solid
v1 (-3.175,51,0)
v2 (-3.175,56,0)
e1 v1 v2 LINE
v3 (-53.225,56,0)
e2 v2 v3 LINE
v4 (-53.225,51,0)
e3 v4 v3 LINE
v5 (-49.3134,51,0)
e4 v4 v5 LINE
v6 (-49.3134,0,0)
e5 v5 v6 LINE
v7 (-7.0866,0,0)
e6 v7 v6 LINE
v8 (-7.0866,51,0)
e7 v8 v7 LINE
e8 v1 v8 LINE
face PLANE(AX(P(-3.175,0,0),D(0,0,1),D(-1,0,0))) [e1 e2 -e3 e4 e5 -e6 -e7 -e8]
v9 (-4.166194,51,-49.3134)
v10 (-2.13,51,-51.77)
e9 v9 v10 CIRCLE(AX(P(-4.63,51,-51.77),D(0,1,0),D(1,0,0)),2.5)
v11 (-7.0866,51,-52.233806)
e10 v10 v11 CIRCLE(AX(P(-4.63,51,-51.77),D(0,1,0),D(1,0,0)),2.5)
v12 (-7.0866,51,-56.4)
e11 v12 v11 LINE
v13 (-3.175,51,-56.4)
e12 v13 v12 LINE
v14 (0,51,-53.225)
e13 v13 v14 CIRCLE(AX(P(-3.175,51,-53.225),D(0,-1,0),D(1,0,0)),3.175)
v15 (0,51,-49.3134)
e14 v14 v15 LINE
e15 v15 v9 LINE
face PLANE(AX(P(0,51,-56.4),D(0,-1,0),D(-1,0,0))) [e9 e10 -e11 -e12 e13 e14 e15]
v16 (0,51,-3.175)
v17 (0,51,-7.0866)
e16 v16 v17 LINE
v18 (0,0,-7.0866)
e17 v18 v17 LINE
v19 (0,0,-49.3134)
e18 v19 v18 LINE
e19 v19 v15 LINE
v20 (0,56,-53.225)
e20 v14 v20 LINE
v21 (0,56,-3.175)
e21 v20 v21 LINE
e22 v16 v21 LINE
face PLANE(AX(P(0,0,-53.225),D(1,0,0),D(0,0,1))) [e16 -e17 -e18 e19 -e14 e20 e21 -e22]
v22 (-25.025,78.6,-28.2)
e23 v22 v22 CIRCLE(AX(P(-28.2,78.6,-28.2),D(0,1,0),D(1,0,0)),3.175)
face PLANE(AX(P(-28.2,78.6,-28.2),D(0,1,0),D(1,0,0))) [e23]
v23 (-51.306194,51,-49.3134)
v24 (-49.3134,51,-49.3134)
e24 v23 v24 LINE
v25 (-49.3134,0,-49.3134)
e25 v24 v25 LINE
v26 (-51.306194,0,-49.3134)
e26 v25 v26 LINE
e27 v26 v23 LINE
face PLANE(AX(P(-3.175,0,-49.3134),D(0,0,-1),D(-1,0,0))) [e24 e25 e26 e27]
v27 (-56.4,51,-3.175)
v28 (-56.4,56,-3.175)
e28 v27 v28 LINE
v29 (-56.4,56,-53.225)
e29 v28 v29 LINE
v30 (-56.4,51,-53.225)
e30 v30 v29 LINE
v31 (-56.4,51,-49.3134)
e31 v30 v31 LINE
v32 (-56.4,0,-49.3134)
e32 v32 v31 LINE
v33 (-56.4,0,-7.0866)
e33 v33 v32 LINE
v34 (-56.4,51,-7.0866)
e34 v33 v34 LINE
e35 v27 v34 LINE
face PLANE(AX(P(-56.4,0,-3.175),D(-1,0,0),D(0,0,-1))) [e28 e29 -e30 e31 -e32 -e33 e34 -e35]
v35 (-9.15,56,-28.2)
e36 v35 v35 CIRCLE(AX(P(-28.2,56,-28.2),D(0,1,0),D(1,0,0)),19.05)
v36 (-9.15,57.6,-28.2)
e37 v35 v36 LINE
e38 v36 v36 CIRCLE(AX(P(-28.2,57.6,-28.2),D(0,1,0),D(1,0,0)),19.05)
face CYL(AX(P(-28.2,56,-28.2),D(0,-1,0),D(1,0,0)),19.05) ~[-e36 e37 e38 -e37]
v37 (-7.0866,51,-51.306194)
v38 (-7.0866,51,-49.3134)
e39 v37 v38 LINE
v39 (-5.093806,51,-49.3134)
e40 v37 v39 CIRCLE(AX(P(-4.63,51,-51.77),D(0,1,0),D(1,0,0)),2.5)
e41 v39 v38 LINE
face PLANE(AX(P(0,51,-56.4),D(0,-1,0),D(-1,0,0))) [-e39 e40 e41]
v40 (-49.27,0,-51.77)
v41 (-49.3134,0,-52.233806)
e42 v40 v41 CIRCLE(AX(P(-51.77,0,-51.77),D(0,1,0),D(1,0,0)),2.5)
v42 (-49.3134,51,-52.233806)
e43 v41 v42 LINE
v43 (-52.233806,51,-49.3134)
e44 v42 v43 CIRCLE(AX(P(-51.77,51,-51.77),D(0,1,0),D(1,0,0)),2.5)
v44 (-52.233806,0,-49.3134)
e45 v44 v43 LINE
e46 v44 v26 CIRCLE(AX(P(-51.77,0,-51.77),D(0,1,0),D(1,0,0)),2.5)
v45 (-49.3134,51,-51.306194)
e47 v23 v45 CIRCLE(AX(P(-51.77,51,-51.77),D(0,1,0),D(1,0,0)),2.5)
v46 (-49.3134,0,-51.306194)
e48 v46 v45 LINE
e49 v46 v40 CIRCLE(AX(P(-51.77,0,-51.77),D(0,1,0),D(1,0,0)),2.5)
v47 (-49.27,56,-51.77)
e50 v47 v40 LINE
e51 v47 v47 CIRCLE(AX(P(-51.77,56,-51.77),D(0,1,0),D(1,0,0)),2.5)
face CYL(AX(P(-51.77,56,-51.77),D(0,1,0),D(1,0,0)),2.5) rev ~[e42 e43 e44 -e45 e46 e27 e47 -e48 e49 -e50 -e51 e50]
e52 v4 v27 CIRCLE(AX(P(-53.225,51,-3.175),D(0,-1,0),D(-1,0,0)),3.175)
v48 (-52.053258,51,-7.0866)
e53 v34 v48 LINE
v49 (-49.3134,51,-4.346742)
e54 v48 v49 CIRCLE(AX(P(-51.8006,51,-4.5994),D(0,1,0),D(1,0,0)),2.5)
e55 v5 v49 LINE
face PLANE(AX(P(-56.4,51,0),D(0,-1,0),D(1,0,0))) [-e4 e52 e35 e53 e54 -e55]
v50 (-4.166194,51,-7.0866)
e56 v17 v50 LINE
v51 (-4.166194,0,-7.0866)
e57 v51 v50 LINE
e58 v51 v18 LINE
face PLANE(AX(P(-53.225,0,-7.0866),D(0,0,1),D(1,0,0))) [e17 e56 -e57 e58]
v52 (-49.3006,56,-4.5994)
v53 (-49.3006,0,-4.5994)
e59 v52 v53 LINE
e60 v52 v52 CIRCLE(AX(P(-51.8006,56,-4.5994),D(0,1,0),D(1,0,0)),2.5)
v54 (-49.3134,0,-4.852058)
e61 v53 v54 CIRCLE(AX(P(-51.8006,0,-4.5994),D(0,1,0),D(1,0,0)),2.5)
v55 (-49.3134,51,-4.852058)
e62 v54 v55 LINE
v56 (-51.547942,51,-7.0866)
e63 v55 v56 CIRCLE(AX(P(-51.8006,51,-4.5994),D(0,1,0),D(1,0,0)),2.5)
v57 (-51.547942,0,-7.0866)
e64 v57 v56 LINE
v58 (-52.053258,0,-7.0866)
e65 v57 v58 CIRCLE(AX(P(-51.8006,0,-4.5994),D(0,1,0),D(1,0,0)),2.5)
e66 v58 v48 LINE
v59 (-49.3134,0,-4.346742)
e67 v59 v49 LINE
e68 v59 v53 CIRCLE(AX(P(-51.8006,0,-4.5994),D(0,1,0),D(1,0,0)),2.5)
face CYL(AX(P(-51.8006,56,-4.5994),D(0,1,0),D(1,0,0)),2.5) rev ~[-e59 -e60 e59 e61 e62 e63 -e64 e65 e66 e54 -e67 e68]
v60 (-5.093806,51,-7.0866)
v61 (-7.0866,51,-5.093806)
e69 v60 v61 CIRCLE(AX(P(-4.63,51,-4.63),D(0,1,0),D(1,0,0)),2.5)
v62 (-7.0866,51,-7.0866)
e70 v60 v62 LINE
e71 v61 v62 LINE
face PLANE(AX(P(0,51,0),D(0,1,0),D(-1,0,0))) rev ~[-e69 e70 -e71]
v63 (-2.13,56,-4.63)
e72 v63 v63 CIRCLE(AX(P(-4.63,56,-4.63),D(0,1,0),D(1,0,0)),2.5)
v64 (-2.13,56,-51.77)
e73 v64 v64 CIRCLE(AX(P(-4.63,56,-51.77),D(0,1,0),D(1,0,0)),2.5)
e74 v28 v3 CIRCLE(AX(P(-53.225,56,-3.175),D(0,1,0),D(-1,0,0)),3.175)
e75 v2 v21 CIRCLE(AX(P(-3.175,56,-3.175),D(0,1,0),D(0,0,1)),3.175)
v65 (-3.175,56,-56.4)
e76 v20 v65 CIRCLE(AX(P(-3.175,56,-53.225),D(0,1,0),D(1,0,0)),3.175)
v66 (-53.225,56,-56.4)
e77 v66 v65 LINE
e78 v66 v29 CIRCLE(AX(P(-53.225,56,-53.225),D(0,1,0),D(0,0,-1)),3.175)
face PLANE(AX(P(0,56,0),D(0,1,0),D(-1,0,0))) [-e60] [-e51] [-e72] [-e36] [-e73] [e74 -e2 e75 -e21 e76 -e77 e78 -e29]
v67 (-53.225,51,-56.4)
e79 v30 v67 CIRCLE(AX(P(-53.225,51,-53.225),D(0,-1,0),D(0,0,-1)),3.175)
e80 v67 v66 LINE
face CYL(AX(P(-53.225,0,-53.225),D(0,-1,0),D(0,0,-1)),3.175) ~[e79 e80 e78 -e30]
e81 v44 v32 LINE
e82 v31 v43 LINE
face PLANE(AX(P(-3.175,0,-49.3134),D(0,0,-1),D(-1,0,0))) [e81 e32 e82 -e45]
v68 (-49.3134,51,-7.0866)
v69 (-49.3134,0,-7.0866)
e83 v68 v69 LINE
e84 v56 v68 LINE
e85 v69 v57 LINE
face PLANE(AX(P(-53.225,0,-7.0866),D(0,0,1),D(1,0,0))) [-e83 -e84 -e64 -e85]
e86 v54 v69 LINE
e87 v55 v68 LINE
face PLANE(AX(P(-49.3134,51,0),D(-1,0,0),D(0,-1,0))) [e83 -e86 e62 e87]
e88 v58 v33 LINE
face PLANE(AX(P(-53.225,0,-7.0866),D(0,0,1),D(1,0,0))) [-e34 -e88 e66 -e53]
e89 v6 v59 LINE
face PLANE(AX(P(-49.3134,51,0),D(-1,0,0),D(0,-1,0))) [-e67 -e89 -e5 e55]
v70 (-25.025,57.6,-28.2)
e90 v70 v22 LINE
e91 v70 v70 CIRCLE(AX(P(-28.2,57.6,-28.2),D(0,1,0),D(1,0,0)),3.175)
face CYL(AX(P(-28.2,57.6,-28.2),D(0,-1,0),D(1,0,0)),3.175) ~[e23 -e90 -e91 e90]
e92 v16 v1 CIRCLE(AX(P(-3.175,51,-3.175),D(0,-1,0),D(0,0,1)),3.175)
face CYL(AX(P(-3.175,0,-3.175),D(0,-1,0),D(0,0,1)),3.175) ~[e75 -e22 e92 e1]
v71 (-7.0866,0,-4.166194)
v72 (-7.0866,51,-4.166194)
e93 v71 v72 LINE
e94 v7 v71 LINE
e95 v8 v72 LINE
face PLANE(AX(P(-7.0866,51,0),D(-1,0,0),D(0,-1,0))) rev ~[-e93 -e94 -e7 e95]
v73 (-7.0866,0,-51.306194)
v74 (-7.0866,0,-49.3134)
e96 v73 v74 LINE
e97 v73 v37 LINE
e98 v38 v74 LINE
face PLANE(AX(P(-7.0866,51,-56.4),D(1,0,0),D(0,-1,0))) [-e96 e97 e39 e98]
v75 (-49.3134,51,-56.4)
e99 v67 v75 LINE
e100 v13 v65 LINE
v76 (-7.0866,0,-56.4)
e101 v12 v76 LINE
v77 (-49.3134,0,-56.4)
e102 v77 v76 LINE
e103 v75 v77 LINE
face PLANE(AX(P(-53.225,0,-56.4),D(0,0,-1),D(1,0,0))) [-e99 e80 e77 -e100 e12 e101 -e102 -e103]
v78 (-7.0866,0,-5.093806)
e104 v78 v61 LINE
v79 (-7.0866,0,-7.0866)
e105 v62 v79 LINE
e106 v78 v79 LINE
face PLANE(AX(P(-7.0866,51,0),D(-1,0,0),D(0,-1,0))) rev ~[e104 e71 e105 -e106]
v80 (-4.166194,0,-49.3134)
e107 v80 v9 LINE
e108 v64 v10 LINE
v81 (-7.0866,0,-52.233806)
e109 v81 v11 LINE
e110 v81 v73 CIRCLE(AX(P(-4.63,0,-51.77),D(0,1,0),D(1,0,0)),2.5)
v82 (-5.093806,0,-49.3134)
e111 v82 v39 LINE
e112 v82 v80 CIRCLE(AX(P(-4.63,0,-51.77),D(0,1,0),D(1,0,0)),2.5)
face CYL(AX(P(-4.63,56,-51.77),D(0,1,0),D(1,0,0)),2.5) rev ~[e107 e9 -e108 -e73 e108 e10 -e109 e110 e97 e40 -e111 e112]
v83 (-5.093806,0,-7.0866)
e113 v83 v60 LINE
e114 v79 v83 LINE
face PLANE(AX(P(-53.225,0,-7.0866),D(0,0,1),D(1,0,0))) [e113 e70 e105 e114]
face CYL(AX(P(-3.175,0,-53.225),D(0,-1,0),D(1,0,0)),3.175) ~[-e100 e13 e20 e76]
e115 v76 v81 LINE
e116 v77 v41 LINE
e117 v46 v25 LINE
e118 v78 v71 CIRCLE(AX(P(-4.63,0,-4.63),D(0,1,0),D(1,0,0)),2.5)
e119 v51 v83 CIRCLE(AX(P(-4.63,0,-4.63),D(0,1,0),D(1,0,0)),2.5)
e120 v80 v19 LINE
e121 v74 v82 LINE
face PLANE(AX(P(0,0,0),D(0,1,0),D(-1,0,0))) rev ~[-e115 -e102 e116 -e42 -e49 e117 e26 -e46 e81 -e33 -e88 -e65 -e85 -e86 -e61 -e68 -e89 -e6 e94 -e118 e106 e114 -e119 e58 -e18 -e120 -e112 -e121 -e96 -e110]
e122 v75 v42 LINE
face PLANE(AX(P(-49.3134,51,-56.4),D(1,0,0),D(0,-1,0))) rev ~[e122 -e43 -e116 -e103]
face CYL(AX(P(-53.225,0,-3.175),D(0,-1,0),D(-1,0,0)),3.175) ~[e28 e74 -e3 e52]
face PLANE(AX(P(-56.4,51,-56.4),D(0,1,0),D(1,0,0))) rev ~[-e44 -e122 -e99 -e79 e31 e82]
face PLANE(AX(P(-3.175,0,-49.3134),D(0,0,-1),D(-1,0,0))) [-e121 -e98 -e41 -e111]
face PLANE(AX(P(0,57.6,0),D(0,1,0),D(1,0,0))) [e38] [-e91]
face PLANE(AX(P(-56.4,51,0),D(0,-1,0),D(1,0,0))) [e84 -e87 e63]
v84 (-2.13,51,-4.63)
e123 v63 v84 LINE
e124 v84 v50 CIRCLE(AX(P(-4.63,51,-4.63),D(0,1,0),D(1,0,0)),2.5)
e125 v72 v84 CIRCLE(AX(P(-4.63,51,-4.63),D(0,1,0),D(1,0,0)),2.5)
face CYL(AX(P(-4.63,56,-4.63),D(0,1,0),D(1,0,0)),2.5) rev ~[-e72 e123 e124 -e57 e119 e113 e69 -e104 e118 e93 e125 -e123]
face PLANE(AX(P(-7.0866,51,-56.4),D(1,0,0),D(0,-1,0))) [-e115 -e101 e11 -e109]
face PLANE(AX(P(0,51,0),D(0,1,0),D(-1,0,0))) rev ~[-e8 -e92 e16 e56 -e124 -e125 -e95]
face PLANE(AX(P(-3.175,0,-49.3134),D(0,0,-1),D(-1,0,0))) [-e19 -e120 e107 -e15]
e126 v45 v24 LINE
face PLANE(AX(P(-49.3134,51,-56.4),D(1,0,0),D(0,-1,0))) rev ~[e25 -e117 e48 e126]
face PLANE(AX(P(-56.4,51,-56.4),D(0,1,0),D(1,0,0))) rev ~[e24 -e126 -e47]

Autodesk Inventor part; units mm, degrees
ref_plane "YZ Plane" through (0, 0, 0) normal (1, 0, 0) x (0, 1, 0)
ref_plane "XZ Plane" through (0, 0, 0) normal (0, 1, 0) x (-1, 0, 0)
ref_plane "XY Plane" through (0, 0, 0) normal (0, 0, 1) x (1, 0, 0)
sketch "Sketch1" plane through (0, 0, 0) normal (0, 1, 0) x (-1, 0, 0)
  line L0 (3.175, 0) -> (53.225, 0)
  line L1 (56.4, -3.175) -> (56.4, -53.225)
  line L2 (53.225, -56.4) -> (3.175, -56.4)
  line L3 (0, -53.225) -> (0, -3.175)
  arc A0 (56.4, -3.175) -> (53.225, 0) centre (53.225, -3.175) ccw
  arc A1 (3.175, 0) -> (0, -3.175) centre (3.175, -3.175) ccw
  arc A2 (0, -53.225) -> (3.175, -56.4) centre (3.175, -53.225) ccw
  arc A3 (53.225, -56.4) -> (56.4, -53.225) centre (53.225, -53.225) ccw
  point P0 (0, 0)
  point P1 (56.4, -56.4)
  point P2 (56.4, 0)
  point P3 (0, -56.4)
  dimension "d0" = 56.4
  dimension "d1" = 56.4
  dimension "d2" = 3.175
extrude "Extrusion1" add sketch "Sketch1" along normal blind 56
sketch "Sketch2" plane through (0, 56, 0) normal (0, 1, 0) x (1, 0, 0)
  line L0 (0, 0) -> (-56.4, 0) construction
  line L1 (-56.4, 0) -> (-56.4, 56.4) construction
  line L2 (-56.4, 56.4) -> (0, 56.4) construction
  line L3 (0, 56.4) -> (0, 0) construction
  line L4 (-56.4, 0) -> (0, 56.4) construction
  line L5 (-4.63, 4.63) -> (-51.77, 4.63) construction
  line L6 (-51.77, 4.63) -> (-51.77, 51.77) construction
  line L7 (-51.77, 51.77) -> (-4.63, 51.77) construction
  line L8 (-4.63, 51.77) -> (-4.63, 4.63) construction
  line L9 (-4.63, 4.63) -> (-51.77, 51.77) construction
  line L10 (-51.77, 4.63) -> (-4.63, 51.77) construction
  circle A0 centre (-51.8006, 4.5994) radius 2.5
  circle A1 centre (-51.77, 51.77) radius 2.5
  circle A2 centre (-4.63, 51.77) radius 2.5
  circle A3 centre (-4.63, 4.63) radius 2.5
  point P0 (-28.2, 28.2)
  dimension "d5" = 47.14
  dimension "d6" = 47.14
  dimension "d7" = 5
  dimension "d8" = 5
  dimension "d9" = 5
  dimension "d10" = 5
sketch "Sketch3" plane through (0, 56, 0) normal (0, 1, 0) x (1, 0, 0)
  line L0 (0, 0) -> (-56.4, 56.4) construction
  circle A0 centre (-28.2, 28.2) radius 19.05
  dimension "d18" = 38.1
extrude "Extrusion2" add sketch "Sketch3" along normal blind 1.6
sketch "Sketch4" plane through (-28.2, 57.6, -28.2) normal (0, 1, 0) x (1, 0, 0)
  circle A0 centre (0, 0) radius 3.175
  point P0 (28.2, -28.2)
  dimension "d21" = 6.35
extrude "Extrusion3" add sketch "Sketch4" along normal blind 21
extrude "Extrusion4" cut sketch "Sketch2" against normal through all
sketch "Sketch5" plane through (-53.225, 0, 0) normal (0, 0, 1) x (1, 0, 0)
  line L0 (-3.175, 0) -> (-3.175, 56) construction
  line L1 (-3.175, 56) -> (3.9116, 56) construction
  line L2 (3.9116, 56) -> (3.9116, 51) construction
  line L3 (3.9116, 51) -> (-3.175, 51) construction
  line L4 (-3.175, 51) -> (-3.175, 56) construction
  line L5 (-3.175, 51) -> (3.9116, 51)
  line L6 (3.9116, 51) -> (3.9116, 0)
  line L7 (3.9116, 0) -> (-3.175, 0)
  line L8 (-3.175, 0) -> (-3.175, 51)
  line L9 (50.05, 0) -> (0, 0) construction
  line L10 (25.025, 0) -> (25.025, 56) construction
  line L11 (50.05, 56) -> (0, 56) construction
  line L12 (53.225, 0) -> (53.225, 56) construction
  line L13 (53.225, 56) -> (46.1384, 56) construction
  line L14 (46.1384, 56) -> (46.1384, 51) construction
  line L15 (46.1384, 51) -> (53.225, 51) construction
  line L16 (53.225, 51) -> (53.225, 56) construction
  line L17 (53.225, 51) -> (46.1384, 51)
  line L18 (46.1384, 51) -> (46.1384, 0)
  line L19 (46.1384, 0) -> (53.225, 0)
  line L20 (53.225, 0) -> (53.225, 51)
  point P0 (53.225, 0)
  point P1 (55.3116, 56)
  dimension "d26" = 7.0866
  dimension "d27" = 5
extrude "Extrusion5" cut sketch "Sketch5" against normal blind 7.0866
sketch "Sketch6" plane through (-3.175, 0, -56.4) normal (0, 0, -1) x (-1, 0, 0)
  line L0 (-3.175, 0) -> (-3.175, 56) construction
  line L1 (-3.175, 56) -> (3.9116, 56) construction
  line L2 (3.9116, 56) -> (3.9116, 51) construction
  line L3 (3.9116, 51) -> (-3.175, 51) construction
  line L4 (-3.175, 51) -> (-3.175, 56) construction
  line L5 (-3.175, 51) -> (3.9116, 51)
  line L6 (3.9116, 51) -> (3.9116, 0)
  line L7 (3.9116, 0) -> (-3.175, 0)
  line L8 (-3.175, 0) -> (-3.175, 51)
  line L9 (50.05, 0) -> (0, 0) construction
  line L10 (25.025, 0) -> (25.025, 56) construction
  line L11 (50.05, 56) -> (0, 56) construction
  line L12 (53.225, 0) -> (53.225, 56) construction
  line L13 (53.225, 56) -> (46.1384, 56) construction
  line L14 (46.1384, 56) -> (46.1384, 51) construction
  line L15 (46.1384, 51) -> (53.225, 51) construction
  line L16 (53.225, 51) -> (53.225, 56) construction
  line L17 (53.225, 51) -> (46.1384, 51)
  line L18 (46.1384, 51) -> (46.1384, 0)
  line L19 (46.1384, 0) -> (53.225, 0)
  line L20 (53.225, 0) -> (53.225, 51)
  point P0 (-3.175, 0)
  point P1 (53.225, 0)
  point P2 (55.3116, 56)
  dimension "d32" = 7.0866
  dimension "d33" = 5
extrude "Extrusion6" cut sketch "Sketch6" against normal blind 7.0866
sketch "Sketch7" plane through (0, 0, 0) normal (0, -1, 0) x (1, 0, 0)
  line L0 (-49.3134, 0) -> (-49.3134, -4.3464) construction
  line L1 (-7.0866, -5.0938) -> (-7.0866, -7.0866) construction
  line L2 (-49.3134, 0) -> (-7.0866, 0) construction
  line L3 (-7.0866, 0) -> (-7.0866, -7.0866) construction
  line L4 (-49.3134, -7.0866) -> (-49.3134, 0) construction
  line L5 (0, -49.3134) -> (0, -53.225) construction
  line L6 (-7.0866, -7.0866) -> (0, -7.0866) construction
  line L7 (0, -7.0866) -> (0, -49.3134) construction
  line L8 (0, -49.3134) -> (-7.0866, -49.3134) construction
  line L9 (-3.175, -56.4) -> (-53.225, -56.4) construction
  line L10 (-49.3134, -49.3134) -> (-49.3134, -56.4) construction
  line L11 (-49.3134, -56.4) -> (-7.0866, -56.4) construction
  line L12 (-7.0866, -56.4) -> (-7.0866, -49.3134) construction
  line L13 (-56.4, -53.225) -> (-56.4, -3.175) construction
  line L14 (-49.3134, -49.3134) -> (-56.4, -49.3134) construction
  line L15 (-56.4, -49.3134) -> (-56.4, -7.0866) construction
  line L16 (-56.4, -7.0866) -> (-49.3134, -7.0866) construction
  point P0 (0, 0)
properties part number "NEMA23 Motor" material "Steel"
